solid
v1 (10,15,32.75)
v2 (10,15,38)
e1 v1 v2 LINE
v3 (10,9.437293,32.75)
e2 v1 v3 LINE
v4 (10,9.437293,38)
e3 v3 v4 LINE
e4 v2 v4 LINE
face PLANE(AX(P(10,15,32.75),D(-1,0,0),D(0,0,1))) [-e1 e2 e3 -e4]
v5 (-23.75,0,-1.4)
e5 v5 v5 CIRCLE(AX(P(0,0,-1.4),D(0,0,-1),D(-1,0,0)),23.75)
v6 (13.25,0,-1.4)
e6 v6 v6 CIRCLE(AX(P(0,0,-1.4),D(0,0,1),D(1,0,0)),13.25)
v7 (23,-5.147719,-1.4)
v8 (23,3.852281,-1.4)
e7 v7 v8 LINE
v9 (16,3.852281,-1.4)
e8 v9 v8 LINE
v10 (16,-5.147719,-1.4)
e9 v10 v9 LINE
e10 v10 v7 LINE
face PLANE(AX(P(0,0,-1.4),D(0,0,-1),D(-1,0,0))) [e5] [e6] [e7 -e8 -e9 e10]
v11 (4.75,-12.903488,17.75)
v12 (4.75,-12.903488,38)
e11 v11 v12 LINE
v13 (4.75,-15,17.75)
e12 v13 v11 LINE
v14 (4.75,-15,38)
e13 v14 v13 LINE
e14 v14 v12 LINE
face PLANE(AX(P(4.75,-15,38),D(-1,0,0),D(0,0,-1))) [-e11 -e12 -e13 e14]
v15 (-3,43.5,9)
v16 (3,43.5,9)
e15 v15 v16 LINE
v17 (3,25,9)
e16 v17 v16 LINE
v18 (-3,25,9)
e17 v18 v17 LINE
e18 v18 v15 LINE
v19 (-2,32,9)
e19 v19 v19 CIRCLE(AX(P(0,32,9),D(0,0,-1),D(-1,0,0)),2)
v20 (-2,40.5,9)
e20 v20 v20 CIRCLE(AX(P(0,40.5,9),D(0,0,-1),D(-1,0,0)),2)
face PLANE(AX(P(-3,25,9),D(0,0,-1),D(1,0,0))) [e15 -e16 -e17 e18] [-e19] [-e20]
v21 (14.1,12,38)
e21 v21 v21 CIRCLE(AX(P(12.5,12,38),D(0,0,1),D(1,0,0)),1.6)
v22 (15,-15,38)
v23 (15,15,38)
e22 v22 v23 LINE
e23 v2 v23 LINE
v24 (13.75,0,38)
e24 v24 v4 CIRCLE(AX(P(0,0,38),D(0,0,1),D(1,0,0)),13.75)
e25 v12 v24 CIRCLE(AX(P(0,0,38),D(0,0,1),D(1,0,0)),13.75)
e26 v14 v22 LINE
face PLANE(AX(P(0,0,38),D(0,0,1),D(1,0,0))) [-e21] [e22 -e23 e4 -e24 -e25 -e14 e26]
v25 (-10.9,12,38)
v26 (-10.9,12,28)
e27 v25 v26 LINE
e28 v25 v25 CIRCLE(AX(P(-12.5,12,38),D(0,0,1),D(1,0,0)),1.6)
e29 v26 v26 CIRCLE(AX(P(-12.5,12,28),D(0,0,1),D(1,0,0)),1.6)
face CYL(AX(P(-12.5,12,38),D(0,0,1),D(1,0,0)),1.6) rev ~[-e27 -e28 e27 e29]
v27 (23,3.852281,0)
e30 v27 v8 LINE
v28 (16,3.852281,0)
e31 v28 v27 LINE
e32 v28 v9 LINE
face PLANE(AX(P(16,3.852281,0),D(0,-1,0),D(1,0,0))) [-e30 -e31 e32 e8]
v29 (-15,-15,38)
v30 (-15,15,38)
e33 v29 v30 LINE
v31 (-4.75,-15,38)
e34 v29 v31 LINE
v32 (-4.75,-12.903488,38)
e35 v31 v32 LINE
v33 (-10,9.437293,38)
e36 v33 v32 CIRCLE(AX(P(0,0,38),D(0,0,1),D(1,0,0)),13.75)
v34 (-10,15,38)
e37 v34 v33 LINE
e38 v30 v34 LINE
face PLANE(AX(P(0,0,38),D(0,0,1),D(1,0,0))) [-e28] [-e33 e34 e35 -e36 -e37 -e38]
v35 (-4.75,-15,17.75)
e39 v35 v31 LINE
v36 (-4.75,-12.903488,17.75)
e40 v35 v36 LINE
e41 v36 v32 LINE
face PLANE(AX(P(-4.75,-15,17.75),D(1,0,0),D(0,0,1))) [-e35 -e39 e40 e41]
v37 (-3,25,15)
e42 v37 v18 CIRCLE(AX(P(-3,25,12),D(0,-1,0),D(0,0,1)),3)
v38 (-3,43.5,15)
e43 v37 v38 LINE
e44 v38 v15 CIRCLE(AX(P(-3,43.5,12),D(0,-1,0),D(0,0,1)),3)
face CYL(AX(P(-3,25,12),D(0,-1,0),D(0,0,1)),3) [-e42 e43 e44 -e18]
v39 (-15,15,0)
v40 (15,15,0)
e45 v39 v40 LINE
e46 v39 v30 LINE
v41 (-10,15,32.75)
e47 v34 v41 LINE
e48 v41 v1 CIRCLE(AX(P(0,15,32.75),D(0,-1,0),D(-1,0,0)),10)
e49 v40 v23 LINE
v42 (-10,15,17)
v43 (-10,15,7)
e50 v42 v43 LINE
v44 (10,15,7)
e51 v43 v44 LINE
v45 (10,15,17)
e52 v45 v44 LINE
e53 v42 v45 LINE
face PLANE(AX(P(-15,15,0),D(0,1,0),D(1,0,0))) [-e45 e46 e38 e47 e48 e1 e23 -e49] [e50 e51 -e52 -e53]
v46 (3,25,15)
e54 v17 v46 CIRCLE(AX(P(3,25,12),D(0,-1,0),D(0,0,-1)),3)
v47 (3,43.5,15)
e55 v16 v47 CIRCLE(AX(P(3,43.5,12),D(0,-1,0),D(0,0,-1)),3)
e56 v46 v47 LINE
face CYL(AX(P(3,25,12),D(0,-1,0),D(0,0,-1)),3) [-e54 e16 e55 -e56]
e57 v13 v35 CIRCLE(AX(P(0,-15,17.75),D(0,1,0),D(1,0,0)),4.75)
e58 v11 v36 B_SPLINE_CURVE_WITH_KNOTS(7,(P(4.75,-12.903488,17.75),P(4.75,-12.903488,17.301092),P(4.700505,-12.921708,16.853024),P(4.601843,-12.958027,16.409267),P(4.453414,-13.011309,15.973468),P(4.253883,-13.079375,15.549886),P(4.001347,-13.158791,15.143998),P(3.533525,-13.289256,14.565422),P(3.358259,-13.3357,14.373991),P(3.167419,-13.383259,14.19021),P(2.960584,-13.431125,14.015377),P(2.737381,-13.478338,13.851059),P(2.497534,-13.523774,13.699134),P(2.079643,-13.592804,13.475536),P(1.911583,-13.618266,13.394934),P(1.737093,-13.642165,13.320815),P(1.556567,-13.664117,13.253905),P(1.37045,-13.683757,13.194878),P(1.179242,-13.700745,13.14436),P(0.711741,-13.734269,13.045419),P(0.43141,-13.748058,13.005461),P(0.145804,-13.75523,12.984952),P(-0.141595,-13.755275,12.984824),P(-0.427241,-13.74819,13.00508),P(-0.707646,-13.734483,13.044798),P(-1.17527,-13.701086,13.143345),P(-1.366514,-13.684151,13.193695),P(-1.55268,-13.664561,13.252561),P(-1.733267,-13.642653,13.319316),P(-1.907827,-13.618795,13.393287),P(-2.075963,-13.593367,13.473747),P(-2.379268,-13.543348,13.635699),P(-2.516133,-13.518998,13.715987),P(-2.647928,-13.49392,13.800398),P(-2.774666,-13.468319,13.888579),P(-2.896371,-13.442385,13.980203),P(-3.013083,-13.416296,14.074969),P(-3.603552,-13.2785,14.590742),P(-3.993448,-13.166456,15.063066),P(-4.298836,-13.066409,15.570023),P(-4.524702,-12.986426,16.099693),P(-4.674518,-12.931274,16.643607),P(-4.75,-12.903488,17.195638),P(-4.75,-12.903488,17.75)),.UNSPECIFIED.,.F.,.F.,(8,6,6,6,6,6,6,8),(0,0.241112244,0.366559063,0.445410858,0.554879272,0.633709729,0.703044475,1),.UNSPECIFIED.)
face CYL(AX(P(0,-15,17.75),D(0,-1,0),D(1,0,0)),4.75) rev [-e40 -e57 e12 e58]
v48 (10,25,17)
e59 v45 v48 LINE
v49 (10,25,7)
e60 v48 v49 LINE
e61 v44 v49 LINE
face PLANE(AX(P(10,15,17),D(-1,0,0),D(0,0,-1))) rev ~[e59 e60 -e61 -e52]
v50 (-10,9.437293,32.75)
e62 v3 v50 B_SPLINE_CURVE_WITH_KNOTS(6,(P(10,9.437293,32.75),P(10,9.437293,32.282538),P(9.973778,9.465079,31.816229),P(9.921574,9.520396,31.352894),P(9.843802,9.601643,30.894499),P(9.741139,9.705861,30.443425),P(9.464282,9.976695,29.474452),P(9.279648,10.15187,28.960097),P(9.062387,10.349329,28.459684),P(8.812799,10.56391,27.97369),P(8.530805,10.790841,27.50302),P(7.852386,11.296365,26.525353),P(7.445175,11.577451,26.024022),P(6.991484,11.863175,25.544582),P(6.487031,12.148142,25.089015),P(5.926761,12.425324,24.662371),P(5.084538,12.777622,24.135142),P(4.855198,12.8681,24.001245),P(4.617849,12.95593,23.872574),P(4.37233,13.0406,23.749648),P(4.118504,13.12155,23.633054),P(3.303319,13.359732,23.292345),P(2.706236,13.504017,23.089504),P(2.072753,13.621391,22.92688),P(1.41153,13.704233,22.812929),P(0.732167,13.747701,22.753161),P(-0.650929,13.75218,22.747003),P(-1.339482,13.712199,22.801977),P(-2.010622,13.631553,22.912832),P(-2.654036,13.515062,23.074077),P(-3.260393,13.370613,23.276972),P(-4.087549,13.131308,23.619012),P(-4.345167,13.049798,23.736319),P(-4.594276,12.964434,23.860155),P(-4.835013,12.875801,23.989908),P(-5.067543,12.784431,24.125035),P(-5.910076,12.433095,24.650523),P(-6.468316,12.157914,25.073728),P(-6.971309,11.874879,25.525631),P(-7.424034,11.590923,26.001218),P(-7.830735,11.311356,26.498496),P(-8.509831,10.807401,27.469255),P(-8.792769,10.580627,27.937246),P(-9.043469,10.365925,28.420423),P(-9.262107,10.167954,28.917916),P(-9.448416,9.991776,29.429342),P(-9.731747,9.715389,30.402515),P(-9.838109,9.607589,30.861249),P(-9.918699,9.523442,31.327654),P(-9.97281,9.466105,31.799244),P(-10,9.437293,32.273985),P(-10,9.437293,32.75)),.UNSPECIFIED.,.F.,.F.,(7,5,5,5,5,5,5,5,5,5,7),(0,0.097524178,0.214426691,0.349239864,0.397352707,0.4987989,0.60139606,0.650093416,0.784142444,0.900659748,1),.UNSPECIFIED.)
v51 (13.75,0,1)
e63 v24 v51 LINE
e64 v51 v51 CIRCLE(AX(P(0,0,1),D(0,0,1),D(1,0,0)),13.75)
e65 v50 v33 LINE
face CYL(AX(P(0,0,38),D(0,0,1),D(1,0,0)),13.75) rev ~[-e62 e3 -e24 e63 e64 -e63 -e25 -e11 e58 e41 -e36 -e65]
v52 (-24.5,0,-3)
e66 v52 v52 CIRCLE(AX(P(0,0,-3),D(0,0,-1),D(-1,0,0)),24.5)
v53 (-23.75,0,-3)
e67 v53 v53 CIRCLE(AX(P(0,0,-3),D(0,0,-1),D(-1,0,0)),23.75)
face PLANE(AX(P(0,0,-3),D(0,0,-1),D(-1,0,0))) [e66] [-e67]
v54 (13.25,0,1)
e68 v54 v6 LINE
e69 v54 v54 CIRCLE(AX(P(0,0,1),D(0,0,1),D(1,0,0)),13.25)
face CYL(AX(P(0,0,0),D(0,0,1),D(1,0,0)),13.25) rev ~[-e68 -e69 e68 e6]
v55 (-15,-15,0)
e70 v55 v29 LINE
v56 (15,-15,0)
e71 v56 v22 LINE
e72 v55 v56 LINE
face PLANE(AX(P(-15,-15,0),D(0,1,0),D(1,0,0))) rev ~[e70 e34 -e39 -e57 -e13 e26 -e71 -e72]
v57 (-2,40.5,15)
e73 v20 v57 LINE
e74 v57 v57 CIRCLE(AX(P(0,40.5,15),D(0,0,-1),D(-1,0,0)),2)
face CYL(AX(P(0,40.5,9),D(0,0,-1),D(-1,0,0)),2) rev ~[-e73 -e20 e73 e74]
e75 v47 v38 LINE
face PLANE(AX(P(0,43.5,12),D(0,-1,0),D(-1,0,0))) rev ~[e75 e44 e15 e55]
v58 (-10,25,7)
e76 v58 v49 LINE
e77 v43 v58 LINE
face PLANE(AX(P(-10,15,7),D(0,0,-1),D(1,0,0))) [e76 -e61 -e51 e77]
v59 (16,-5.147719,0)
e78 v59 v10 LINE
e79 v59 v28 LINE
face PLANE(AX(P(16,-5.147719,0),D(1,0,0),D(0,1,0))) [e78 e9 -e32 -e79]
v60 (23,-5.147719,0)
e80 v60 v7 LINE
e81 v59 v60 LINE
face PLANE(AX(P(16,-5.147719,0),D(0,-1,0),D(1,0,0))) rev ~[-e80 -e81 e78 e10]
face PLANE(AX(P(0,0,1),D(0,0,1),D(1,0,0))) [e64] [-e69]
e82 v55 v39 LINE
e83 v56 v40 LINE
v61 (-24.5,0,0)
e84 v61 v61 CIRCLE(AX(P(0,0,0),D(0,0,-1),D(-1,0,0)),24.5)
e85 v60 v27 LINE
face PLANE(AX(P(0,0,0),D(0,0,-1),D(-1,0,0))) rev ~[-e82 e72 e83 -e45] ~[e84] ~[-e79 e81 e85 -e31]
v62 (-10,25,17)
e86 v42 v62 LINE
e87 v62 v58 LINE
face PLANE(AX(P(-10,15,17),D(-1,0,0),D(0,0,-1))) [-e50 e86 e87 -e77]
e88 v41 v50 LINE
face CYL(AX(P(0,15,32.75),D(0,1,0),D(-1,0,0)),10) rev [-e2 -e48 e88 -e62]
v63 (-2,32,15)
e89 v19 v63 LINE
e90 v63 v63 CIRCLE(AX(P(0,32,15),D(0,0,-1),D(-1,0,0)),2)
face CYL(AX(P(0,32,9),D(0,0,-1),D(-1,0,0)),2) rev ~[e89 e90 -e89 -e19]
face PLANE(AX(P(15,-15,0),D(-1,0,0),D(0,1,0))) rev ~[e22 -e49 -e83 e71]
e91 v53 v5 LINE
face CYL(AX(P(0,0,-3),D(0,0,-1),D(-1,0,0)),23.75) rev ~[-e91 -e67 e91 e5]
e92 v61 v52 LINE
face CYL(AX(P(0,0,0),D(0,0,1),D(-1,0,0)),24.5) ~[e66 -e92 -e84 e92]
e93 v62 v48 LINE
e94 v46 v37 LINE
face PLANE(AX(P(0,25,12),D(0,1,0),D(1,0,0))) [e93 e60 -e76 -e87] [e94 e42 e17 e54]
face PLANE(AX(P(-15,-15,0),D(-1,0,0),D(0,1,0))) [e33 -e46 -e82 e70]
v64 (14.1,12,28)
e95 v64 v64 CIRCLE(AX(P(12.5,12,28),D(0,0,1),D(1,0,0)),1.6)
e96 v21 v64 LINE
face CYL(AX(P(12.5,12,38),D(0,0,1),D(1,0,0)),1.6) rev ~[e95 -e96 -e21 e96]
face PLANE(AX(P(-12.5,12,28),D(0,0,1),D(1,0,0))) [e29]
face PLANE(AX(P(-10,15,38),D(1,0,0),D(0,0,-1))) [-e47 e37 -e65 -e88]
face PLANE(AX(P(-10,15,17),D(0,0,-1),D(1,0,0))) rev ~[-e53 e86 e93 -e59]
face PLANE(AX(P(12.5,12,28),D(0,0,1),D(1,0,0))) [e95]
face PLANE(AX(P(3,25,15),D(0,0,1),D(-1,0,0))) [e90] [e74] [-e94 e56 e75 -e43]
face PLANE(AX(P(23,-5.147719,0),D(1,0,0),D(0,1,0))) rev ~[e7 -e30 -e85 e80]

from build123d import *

# Parameters (mm, degrees)
SKETCH1_W                = 30
SKETCH1_H                = 30
BOSS_EXTRUDE1_DEPTH      = 38
CUT_EXTRUDE3_REACH       = 45.52
SKETCH2_R                = 13.25
SKETCH4_R                = 13.75
CUT_EXTRUDE4_DEPTH       = 37
SKETCH5_R                = 24.5
BOSS_EXTRUDE4_DEPTH      = 3
SKETCH8_R                = 23.75
CUT_EXTRUDE8_DEPTH       = 1.6
SKETCH9_R                = 13.25
CUT_EXTRUDE9_DEPTH       = 1.6
CUT_EXTRUDE10_REACH      = 53.425
SKETCH10_W               = 7
SKETCH10_H               = 9
CUT_EXTRUDE11_REACH      = 62.037
CUT_EXTRUDE11_END_RADIUS = 13.75
CUT_EXTRUDE12_REACH      = 62.037
CUT_EXTRUDE12_END_RADIUS = 13.75
SKETCH14_W               = 20
SKETCH14_H               = 10
BOSS_EXTRUDE5_DEPTH      = 10
BOSS_EXTRUDE6_DEPTH      = 18.5
CUT_EXTRUDE13_REACH      = 59.736
SKETCH16_R               = 2
SKETCH17_R               = 1.6
CUT_EXTRUDE14_DEPTH      = 10


with BuildPart() as part:
    # Sketch1 → Boss-Extrude1 (new body)
    with BuildSketch(Plane.XY):
        Rectangle(SKETCH1_W, SKETCH1_H)
    extrude(amount=BOSS_EXTRUDE1_DEPTH)

    # Sketch2 → Cut-Extrude3 (cut, up to next)
    with BuildSketch(Plane.XY.offset(38), mode=Mode.PRIVATE) as cut_extrude3_sk1:
        Circle(SKETCH2_R)
    cut_extrude3_tool1 = extrude(cut_extrude3_sk1.sketch, amount=-CUT_EXTRUDE3_REACH, mode=Mode.PRIVATE) & part.part
    add(cut_extrude3_tool1.solids().sort_by_distance((0, 0, 38))[0], mode=Mode.SUBTRACT)

    # Sketch4 → Cut-Extrude4 (cut)
    with BuildSketch(Plane.XY.offset(38)):
        Circle(SKETCH4_R)
    extrude(amount=-CUT_EXTRUDE4_DEPTH, mode=Mode.SUBTRACT)

    # Sketch5 → Boss-Extrude4 (add)
    with BuildSketch(Plane(origin=(0, 0, 0), x_dir=(-1, 0, 0), z_dir=(0, 0, -1))):
        Circle(SKETCH5_R)
    extrude(amount=BOSS_EXTRUDE4_DEPTH)

    # Sketch8 → Cut-Extrude8 (cut)
    with BuildSketch(Plane(origin=(0, 0, -3), x_dir=(-1, 0, 0), z_dir=(0, 0, -1))):
        Circle(SKETCH8_R)
    extrude(amount=-CUT_EXTRUDE8_DEPTH, mode=Mode.SUBTRACT)

    # Sketch9 → Cut-Extrude9 (cut)
    with BuildSketch(Plane.XY):
        Circle(SKETCH9_R)
    extrude(amount=-CUT_EXTRUDE9_DEPTH, mode=Mode.SUBTRACT)

    # Sketch10 → Cut-Extrude10 (cut, up to next)
    with BuildSketch(Plane.XY, mode=Mode.PRIVATE) as cut_extrude10_sk1:
        with Locations((19.5, -0.647719384)):
            Rectangle(SKETCH10_W, SKETCH10_H)
    cut_extrude10_tool1 = extrude(cut_extrude10_sk1.sketch, amount=-CUT_EXTRUDE10_REACH, mode=Mode.PRIVATE) & part.part
    add(cut_extrude10_tool1.solids().sort_by_distance((19.5, -0.647719, 0))[0], mode=Mode.SUBTRACT)

    # Cut-Extrude11: up to this cylinder (the profile starts outside it)
    cut_extrude11_end = Plane(origin=(0, 0, 27.875), z_dir=(0, 0, 1)) * Cylinder(CUT_EXTRUDE11_END_RADIUS, 152.574, mode=Mode.PRIVATE)
    # Sketch12 → Cut-Extrude11 (cut, up to the surface)
    with BuildSketch(Plane(origin=(0, -15, 0), x_dir=(-1, 0, 0), z_dir=(0, -1, 0)), mode=Mode.PRIVATE) as cut_extrude11_sk1:
        with BuildLine():
            Line((-4.75, -38), (-4.75, -17.75))
            ThreePointArc((-4.75, -17.75), (0, -13), (4.75, -17.75))
            Line((4.75, -17.75), (4.75, -38))
            ThreePointArc((4.75, -38), (0, -42.75), (-4.75, -38))
        make_face()
    cut_extrude11_tool1 = extrude(cut_extrude11_sk1.sketch, amount=-CUT_EXTRUDE11_REACH, mode=Mode.PRIVATE) - cut_extrude11_end
    add(cut_extrude11_tool1.solids().sort_by_distance((0, -15, 27.875))[0], mode=Mode.SUBTRACT)

    # Cut-Extrude12: up to this cylinder (the profile starts outside it)
    cut_extrude12_end = Plane(origin=(0, 0, 35.375), z_dir=(0, 0, 1)) * Cylinder(CUT_EXTRUDE12_END_RADIUS, 152.574, mode=Mode.PRIVATE)
    # Sketch13 → Cut-Extrude12 (cut, up to the surface)
    with BuildSketch(Plane(origin=(0, 15, 0), x_dir=(1, 0, 0), z_dir=(0, 1, 0)), mode=Mode.PRIVATE) as cut_extrude12_sk1:
        with BuildLine():
            Line((-10, -38), (-10, -32.75))
            ThreePointArc((-10, -32.75), (0, -22.75), (10, -32.75))
            Line((10, -32.75), (10, -38))
            ThreePointArc((10, -38), (0, -48), (-10, -38))
        make_face()
    cut_extrude12_tool1 = extrude(cut_extrude12_sk1.sketch, amount=-CUT_EXTRUDE12_REACH, mode=Mode.PRIVATE) - cut_extrude12_end
    add(cut_extrude12_tool1.solids().sort_by_distance((0, 15, 35.375))[0], mode=Mode.SUBTRACT)

    # Sketch14 → Boss-Extrude5 (add)
    with BuildSketch(Plane(origin=(0, 15, 0), x_dir=(1, 0, 0), z_dir=(0, 1, 0))):
        with Locations((0, -12)):
            Rectangle(SKETCH14_W, SKETCH14_H)
    extrude(amount=BOSS_EXTRUDE5_DEPTH)

    # Sketch15 → Boss-Extrude6 (add)
    with BuildSketch(Plane(origin=(0, 25, 0), x_dir=(1, 0, 0), z_dir=(0, 1, 0))):
        with BuildLine():
            Line((-3, -9), (3, -9))
            ThreePointArc((3, -9), (6, -12), (3, -15))
            Line((3, -15), (-3, -15))
            ThreePointArc((-3, -15), (-6, -12), (-3, -9))
        make_face()
    extrude(amount=BOSS_EXTRUDE6_DEPTH)

    # Sketch16 → Cut-Extrude13 (cut, up to next)
    with BuildSketch(Plane(origin=(0, 0, 9), x_dir=(-1, 0, 0), z_dir=(0, 0, -1)), mode=Mode.PRIVATE) as cut_extrude13_sk1:
        with Locations((0, 40.5)):
            Circle(SKETCH16_R)
    cut_extrude13_tool1 = extrude(cut_extrude13_sk1.sketch, amount=-CUT_EXTRUDE13_REACH, mode=Mode.PRIVATE) & part.part
    # Sketch16 → Cut-Extrude13 (cut, up to next)
    with BuildSketch(Plane(origin=(0, 0, 9), x_dir=(-1, 0, 0), z_dir=(0, 0, -1)), mode=Mode.PRIVATE) as cut_extrude13_sk2:
        with Locations((0, 32)):
            Circle(SKETCH16_R)
    cut_extrude13_tool2 = extrude(cut_extrude13_sk2.sketch, amount=-CUT_EXTRUDE13_REACH, mode=Mode.PRIVATE) & part.part
    add(cut_extrude13_tool1.solids().sort_by_distance((0, 40.5, 9))[0], mode=Mode.SUBTRACT)
    add(cut_extrude13_tool2.solids().sort_by_distance((0, 32, 9))[0], mode=Mode.SUBTRACT)

    # Sketch17 → Cut-Extrude14 (cut)
    with BuildSketch(Plane.XY.offset(38)):
        with Locations((12.5, 12)):
            Circle(SKETCH17_R)
        with Locations((-12.5, 12)):
            Circle(SKETCH17_R)
    extrude(amount=-CUT_EXTRUDE14_DEPTH, mode=Mode.SUBTRACT)


solid = part.part
